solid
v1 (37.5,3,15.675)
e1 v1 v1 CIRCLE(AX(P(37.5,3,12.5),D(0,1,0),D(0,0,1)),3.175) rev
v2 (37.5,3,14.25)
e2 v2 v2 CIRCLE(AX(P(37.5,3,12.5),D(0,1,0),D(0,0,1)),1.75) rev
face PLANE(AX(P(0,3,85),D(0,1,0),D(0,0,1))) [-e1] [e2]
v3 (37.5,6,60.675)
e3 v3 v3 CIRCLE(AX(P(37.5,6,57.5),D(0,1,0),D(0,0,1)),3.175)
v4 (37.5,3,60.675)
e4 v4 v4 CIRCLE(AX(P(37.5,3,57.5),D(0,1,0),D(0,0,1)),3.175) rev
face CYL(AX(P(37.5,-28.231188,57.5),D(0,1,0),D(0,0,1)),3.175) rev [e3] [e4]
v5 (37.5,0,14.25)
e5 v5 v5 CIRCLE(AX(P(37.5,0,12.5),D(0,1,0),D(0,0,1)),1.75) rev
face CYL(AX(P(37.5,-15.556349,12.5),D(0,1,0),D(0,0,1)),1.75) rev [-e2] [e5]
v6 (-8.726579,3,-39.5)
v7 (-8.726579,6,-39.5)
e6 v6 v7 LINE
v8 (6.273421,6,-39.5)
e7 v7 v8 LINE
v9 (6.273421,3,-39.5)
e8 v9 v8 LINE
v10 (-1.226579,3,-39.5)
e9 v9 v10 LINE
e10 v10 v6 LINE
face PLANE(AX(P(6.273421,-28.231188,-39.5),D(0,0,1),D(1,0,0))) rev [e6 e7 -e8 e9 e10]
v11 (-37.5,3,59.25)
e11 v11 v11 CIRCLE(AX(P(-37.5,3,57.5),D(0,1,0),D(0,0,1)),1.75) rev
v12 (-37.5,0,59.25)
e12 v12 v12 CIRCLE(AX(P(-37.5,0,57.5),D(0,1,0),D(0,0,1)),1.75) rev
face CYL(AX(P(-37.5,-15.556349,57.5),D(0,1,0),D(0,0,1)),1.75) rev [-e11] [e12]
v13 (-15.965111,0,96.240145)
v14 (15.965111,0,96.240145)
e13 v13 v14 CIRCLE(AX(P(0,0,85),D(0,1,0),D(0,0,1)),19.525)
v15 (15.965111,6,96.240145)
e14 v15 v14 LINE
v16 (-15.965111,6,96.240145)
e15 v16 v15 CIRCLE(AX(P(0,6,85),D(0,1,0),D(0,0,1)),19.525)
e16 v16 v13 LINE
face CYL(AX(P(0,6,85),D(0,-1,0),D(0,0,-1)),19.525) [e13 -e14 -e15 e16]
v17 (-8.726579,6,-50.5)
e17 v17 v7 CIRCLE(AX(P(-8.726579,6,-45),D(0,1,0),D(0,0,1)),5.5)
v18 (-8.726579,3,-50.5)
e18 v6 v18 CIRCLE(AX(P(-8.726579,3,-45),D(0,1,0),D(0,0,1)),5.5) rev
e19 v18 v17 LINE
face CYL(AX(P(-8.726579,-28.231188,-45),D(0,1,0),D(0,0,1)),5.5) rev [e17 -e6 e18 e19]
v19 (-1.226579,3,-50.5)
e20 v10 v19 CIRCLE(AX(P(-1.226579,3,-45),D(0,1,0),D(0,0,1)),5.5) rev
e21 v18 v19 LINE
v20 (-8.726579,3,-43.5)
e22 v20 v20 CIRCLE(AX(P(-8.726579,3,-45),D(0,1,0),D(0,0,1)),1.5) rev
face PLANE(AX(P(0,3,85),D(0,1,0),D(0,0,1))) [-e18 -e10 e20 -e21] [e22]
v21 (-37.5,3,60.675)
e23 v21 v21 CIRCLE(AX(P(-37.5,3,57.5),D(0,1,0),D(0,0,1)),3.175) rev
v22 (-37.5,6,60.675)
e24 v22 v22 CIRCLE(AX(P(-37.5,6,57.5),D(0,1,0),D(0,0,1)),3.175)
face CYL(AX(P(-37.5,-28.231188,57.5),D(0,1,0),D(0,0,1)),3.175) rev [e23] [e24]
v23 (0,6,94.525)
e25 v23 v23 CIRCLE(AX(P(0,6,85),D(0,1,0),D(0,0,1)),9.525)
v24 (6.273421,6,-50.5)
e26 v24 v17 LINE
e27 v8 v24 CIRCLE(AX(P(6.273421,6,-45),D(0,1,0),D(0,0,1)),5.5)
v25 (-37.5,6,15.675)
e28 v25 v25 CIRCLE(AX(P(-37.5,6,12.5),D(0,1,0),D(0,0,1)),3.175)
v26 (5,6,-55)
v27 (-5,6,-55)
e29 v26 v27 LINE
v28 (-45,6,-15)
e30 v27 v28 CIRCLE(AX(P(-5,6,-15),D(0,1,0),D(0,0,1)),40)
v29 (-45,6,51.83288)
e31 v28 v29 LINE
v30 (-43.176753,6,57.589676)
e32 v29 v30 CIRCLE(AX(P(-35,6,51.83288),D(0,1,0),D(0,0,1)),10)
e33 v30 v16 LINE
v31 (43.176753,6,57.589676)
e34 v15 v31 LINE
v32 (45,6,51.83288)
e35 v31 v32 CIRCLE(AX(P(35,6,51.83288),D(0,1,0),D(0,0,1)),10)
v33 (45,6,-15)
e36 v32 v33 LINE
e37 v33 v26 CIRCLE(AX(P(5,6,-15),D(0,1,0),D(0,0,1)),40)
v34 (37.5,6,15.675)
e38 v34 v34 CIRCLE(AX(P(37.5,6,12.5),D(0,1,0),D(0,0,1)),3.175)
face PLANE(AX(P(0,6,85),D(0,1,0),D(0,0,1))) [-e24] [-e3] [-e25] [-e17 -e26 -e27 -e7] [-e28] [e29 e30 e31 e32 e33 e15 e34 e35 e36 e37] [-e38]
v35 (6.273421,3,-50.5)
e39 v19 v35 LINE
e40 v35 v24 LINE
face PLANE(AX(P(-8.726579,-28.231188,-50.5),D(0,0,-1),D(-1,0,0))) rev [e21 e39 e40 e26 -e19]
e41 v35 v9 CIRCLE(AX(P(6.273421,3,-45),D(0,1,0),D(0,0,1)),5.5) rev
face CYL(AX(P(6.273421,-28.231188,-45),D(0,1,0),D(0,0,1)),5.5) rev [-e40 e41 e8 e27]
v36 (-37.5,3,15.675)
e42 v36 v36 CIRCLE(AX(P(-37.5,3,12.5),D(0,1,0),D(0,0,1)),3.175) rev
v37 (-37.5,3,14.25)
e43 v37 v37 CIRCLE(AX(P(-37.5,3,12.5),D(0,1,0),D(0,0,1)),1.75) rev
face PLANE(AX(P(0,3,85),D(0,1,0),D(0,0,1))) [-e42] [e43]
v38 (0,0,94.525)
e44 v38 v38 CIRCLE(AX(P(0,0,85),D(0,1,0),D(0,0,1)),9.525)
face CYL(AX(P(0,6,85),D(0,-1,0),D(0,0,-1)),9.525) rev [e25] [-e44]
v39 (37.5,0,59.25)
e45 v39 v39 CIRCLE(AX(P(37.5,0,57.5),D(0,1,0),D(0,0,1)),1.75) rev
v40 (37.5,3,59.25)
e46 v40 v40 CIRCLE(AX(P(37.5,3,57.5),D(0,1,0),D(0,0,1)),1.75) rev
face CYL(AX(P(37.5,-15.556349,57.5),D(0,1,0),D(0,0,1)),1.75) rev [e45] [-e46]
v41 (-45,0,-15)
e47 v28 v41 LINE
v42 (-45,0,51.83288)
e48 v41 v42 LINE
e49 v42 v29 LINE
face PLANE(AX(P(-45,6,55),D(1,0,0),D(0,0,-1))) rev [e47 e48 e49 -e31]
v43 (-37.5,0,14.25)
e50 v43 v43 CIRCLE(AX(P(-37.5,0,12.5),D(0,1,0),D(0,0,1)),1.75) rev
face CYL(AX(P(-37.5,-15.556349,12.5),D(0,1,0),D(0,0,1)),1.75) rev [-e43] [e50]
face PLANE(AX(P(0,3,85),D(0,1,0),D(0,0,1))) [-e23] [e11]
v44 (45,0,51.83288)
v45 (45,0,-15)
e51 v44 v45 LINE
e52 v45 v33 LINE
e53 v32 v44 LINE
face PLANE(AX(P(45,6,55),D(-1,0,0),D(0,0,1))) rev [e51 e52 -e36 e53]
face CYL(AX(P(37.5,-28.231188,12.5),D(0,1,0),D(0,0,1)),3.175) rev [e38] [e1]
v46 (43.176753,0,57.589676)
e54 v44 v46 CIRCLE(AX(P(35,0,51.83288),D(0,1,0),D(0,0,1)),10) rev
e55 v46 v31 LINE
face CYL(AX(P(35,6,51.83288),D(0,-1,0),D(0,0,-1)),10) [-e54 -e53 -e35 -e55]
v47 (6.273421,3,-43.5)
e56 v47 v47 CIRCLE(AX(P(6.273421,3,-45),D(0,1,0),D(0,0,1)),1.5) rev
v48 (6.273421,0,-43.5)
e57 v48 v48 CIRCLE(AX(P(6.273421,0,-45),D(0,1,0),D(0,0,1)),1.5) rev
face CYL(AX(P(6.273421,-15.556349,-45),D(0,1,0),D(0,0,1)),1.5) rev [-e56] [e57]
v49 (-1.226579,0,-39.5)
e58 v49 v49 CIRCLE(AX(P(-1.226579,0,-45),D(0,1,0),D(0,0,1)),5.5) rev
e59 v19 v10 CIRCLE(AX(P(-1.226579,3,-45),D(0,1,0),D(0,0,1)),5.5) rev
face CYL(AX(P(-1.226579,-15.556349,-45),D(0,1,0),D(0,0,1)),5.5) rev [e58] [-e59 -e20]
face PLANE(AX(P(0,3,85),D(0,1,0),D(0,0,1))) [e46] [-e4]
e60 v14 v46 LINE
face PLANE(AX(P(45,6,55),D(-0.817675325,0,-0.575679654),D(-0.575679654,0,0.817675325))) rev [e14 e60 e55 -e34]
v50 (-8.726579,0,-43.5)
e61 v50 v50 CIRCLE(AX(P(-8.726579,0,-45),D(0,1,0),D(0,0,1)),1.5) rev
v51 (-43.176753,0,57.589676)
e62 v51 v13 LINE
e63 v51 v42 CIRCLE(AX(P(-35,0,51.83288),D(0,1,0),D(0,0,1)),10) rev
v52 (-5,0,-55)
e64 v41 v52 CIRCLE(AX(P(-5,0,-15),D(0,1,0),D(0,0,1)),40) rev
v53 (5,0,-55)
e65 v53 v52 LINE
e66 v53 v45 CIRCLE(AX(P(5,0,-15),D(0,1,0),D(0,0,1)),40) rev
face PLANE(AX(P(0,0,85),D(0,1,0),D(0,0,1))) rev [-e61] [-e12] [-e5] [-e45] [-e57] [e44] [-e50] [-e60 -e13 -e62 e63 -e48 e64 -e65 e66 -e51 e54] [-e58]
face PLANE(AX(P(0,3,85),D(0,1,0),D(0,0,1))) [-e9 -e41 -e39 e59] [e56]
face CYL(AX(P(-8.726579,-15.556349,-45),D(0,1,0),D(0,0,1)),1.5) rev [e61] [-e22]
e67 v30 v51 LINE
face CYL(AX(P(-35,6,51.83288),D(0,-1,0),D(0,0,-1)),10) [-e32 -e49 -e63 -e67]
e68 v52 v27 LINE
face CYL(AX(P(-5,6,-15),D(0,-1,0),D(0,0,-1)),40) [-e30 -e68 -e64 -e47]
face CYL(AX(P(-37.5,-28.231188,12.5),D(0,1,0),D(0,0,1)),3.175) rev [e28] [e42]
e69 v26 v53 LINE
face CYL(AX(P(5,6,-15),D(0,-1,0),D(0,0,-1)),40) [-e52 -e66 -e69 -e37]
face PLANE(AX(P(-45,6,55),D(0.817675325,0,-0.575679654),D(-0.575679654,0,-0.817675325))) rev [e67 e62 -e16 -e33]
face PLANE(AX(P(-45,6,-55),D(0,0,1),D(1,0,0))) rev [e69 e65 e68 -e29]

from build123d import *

# Parameters (mm, degrees)
SKETCH1_R          = 9.525
BODY_DEPTH         = 6
SKETCH2_R          = 1.5
SKETCH2_R_2        = 5.5
SKETCH2_R_3        = 1.75
HOLES_DEPTH        = 6
FILLET1_R          = 10
FILLET2_R          = 40
SKETCH3_R          = 3.175
CUT_EXTRUDE2_DEPTH = 3


with BuildPart() as part:
    # Sketch1 → Body (new body)
    with BuildSketch(Plane(origin=(0, 0, 0), x_dir=(1, 0, 0), z_dir=(0, 1, 0))):
        with BuildLine():
            Line((45, -55), (15.965110713, -96.240145236))
            ThreePointArc((15.965110713, -96.240145236), (0, -104.525), (-15.965110713, -96.240145236))
            Line((-15.965110713, -96.240145236), (-45, -55))
            Line((-45, -55), (-45, 55))
            Line((-45, 55), (45, 55))
            Line((45, 55), (45, -55))
        make_face()
        with Locations(Location((0, -85, 0), (0, 0, 270))):
            Circle(SKETCH1_R, mode=Mode.SUBTRACT)
    extrude(amount=BODY_DEPTH)

    # Sketch2 → Holes (cut)
    with BuildSketch(Plane(origin=(0, 6, 0), x_dir=(1, 0, 0), z_dir=(0, 1, 0))):
        with Locations(Location((6.273420837, 45, 0), (0, 0, 270))):
            Circle(SKETCH2_R)
        with Locations(Location((-8.726579163, 45, 0), (0, 0, 270))):
            Circle(SKETCH2_R)
        with Locations(Location((-1.226579163, 45, 0), (0, 0, 270))):
            Circle(SKETCH2_R_2)
        with Locations(Location((37.5, -57.5, 0), (0, 0, 270))):
            Circle(SKETCH2_R_3)
        with Locations(Location((-37.5, -57.5, 0), (0, 0, 270))):
            Circle(SKETCH2_R_3)
        with Locations(Location((-37.5, -12.5, 0), (0, 0, 270))):
            Circle(SKETCH2_R_3)
        with Locations(Location((37.5, -12.5, 0), (0, 0, 270))):
            Circle(SKETCH2_R_3)
    extrude(amount=-HOLES_DEPTH, mode=Mode.SUBTRACT)

    # Fillet1
    fillet1_edges = [part.edges().sort_by_distance(p)[0] for p in [
        (45, 3, 55),
        (-45, 3, 55),
    ]]
    fillet(fillet1_edges, radius=FILLET1_R)

    # Fillet2
    fillet2_edges = [part.edges().sort_by_distance(p)[0] for p in [
        (-45, 3, -55),
        (45, 3, -55),
    ]]
    fillet(fillet2_edges, radius=FILLET2_R)

    # Sketch3 → Cut-Extrude2 (cut)
    with BuildSketch(Plane(origin=(0, 6, 0), x_dir=(1, 0, 0), z_dir=(0, 1, 0))):
        with Locations(Location((-37.5, -12.5, 0), (0, 0, 270))):
            Circle(SKETCH3_R)
        with Locations(Location((37.5, -12.5, 0), (0, 0, 270))):
            Circle(SKETCH3_R)
        with Locations(Location((37.5, -57.5, 0), (0, 0, 270))):
            Circle(SKETCH3_R)
        with Locations(Location((-37.5, -57.5, 0), (0, 0, 270))):
            Circle(SKETCH3_R)
        with BuildLine():
            Line((-8.726579163, 50.5), (6.273420837, 50.5))
            ThreePointArc((6.273420837, 50.5), (11.773420837, 45), (6.273420837, 39.5))
            Line((6.273420837, 39.5), (-8.726579163, 39.5))
            ThreePointArc((-8.726579163, 39.5), (-14.226579163, 45), (-8.726579163, 50.5))
        make_face()
    extrude(amount=-CUT_EXTRUDE2_DEPTH, mode=Mode.SUBTRACT)


solid = part.part
